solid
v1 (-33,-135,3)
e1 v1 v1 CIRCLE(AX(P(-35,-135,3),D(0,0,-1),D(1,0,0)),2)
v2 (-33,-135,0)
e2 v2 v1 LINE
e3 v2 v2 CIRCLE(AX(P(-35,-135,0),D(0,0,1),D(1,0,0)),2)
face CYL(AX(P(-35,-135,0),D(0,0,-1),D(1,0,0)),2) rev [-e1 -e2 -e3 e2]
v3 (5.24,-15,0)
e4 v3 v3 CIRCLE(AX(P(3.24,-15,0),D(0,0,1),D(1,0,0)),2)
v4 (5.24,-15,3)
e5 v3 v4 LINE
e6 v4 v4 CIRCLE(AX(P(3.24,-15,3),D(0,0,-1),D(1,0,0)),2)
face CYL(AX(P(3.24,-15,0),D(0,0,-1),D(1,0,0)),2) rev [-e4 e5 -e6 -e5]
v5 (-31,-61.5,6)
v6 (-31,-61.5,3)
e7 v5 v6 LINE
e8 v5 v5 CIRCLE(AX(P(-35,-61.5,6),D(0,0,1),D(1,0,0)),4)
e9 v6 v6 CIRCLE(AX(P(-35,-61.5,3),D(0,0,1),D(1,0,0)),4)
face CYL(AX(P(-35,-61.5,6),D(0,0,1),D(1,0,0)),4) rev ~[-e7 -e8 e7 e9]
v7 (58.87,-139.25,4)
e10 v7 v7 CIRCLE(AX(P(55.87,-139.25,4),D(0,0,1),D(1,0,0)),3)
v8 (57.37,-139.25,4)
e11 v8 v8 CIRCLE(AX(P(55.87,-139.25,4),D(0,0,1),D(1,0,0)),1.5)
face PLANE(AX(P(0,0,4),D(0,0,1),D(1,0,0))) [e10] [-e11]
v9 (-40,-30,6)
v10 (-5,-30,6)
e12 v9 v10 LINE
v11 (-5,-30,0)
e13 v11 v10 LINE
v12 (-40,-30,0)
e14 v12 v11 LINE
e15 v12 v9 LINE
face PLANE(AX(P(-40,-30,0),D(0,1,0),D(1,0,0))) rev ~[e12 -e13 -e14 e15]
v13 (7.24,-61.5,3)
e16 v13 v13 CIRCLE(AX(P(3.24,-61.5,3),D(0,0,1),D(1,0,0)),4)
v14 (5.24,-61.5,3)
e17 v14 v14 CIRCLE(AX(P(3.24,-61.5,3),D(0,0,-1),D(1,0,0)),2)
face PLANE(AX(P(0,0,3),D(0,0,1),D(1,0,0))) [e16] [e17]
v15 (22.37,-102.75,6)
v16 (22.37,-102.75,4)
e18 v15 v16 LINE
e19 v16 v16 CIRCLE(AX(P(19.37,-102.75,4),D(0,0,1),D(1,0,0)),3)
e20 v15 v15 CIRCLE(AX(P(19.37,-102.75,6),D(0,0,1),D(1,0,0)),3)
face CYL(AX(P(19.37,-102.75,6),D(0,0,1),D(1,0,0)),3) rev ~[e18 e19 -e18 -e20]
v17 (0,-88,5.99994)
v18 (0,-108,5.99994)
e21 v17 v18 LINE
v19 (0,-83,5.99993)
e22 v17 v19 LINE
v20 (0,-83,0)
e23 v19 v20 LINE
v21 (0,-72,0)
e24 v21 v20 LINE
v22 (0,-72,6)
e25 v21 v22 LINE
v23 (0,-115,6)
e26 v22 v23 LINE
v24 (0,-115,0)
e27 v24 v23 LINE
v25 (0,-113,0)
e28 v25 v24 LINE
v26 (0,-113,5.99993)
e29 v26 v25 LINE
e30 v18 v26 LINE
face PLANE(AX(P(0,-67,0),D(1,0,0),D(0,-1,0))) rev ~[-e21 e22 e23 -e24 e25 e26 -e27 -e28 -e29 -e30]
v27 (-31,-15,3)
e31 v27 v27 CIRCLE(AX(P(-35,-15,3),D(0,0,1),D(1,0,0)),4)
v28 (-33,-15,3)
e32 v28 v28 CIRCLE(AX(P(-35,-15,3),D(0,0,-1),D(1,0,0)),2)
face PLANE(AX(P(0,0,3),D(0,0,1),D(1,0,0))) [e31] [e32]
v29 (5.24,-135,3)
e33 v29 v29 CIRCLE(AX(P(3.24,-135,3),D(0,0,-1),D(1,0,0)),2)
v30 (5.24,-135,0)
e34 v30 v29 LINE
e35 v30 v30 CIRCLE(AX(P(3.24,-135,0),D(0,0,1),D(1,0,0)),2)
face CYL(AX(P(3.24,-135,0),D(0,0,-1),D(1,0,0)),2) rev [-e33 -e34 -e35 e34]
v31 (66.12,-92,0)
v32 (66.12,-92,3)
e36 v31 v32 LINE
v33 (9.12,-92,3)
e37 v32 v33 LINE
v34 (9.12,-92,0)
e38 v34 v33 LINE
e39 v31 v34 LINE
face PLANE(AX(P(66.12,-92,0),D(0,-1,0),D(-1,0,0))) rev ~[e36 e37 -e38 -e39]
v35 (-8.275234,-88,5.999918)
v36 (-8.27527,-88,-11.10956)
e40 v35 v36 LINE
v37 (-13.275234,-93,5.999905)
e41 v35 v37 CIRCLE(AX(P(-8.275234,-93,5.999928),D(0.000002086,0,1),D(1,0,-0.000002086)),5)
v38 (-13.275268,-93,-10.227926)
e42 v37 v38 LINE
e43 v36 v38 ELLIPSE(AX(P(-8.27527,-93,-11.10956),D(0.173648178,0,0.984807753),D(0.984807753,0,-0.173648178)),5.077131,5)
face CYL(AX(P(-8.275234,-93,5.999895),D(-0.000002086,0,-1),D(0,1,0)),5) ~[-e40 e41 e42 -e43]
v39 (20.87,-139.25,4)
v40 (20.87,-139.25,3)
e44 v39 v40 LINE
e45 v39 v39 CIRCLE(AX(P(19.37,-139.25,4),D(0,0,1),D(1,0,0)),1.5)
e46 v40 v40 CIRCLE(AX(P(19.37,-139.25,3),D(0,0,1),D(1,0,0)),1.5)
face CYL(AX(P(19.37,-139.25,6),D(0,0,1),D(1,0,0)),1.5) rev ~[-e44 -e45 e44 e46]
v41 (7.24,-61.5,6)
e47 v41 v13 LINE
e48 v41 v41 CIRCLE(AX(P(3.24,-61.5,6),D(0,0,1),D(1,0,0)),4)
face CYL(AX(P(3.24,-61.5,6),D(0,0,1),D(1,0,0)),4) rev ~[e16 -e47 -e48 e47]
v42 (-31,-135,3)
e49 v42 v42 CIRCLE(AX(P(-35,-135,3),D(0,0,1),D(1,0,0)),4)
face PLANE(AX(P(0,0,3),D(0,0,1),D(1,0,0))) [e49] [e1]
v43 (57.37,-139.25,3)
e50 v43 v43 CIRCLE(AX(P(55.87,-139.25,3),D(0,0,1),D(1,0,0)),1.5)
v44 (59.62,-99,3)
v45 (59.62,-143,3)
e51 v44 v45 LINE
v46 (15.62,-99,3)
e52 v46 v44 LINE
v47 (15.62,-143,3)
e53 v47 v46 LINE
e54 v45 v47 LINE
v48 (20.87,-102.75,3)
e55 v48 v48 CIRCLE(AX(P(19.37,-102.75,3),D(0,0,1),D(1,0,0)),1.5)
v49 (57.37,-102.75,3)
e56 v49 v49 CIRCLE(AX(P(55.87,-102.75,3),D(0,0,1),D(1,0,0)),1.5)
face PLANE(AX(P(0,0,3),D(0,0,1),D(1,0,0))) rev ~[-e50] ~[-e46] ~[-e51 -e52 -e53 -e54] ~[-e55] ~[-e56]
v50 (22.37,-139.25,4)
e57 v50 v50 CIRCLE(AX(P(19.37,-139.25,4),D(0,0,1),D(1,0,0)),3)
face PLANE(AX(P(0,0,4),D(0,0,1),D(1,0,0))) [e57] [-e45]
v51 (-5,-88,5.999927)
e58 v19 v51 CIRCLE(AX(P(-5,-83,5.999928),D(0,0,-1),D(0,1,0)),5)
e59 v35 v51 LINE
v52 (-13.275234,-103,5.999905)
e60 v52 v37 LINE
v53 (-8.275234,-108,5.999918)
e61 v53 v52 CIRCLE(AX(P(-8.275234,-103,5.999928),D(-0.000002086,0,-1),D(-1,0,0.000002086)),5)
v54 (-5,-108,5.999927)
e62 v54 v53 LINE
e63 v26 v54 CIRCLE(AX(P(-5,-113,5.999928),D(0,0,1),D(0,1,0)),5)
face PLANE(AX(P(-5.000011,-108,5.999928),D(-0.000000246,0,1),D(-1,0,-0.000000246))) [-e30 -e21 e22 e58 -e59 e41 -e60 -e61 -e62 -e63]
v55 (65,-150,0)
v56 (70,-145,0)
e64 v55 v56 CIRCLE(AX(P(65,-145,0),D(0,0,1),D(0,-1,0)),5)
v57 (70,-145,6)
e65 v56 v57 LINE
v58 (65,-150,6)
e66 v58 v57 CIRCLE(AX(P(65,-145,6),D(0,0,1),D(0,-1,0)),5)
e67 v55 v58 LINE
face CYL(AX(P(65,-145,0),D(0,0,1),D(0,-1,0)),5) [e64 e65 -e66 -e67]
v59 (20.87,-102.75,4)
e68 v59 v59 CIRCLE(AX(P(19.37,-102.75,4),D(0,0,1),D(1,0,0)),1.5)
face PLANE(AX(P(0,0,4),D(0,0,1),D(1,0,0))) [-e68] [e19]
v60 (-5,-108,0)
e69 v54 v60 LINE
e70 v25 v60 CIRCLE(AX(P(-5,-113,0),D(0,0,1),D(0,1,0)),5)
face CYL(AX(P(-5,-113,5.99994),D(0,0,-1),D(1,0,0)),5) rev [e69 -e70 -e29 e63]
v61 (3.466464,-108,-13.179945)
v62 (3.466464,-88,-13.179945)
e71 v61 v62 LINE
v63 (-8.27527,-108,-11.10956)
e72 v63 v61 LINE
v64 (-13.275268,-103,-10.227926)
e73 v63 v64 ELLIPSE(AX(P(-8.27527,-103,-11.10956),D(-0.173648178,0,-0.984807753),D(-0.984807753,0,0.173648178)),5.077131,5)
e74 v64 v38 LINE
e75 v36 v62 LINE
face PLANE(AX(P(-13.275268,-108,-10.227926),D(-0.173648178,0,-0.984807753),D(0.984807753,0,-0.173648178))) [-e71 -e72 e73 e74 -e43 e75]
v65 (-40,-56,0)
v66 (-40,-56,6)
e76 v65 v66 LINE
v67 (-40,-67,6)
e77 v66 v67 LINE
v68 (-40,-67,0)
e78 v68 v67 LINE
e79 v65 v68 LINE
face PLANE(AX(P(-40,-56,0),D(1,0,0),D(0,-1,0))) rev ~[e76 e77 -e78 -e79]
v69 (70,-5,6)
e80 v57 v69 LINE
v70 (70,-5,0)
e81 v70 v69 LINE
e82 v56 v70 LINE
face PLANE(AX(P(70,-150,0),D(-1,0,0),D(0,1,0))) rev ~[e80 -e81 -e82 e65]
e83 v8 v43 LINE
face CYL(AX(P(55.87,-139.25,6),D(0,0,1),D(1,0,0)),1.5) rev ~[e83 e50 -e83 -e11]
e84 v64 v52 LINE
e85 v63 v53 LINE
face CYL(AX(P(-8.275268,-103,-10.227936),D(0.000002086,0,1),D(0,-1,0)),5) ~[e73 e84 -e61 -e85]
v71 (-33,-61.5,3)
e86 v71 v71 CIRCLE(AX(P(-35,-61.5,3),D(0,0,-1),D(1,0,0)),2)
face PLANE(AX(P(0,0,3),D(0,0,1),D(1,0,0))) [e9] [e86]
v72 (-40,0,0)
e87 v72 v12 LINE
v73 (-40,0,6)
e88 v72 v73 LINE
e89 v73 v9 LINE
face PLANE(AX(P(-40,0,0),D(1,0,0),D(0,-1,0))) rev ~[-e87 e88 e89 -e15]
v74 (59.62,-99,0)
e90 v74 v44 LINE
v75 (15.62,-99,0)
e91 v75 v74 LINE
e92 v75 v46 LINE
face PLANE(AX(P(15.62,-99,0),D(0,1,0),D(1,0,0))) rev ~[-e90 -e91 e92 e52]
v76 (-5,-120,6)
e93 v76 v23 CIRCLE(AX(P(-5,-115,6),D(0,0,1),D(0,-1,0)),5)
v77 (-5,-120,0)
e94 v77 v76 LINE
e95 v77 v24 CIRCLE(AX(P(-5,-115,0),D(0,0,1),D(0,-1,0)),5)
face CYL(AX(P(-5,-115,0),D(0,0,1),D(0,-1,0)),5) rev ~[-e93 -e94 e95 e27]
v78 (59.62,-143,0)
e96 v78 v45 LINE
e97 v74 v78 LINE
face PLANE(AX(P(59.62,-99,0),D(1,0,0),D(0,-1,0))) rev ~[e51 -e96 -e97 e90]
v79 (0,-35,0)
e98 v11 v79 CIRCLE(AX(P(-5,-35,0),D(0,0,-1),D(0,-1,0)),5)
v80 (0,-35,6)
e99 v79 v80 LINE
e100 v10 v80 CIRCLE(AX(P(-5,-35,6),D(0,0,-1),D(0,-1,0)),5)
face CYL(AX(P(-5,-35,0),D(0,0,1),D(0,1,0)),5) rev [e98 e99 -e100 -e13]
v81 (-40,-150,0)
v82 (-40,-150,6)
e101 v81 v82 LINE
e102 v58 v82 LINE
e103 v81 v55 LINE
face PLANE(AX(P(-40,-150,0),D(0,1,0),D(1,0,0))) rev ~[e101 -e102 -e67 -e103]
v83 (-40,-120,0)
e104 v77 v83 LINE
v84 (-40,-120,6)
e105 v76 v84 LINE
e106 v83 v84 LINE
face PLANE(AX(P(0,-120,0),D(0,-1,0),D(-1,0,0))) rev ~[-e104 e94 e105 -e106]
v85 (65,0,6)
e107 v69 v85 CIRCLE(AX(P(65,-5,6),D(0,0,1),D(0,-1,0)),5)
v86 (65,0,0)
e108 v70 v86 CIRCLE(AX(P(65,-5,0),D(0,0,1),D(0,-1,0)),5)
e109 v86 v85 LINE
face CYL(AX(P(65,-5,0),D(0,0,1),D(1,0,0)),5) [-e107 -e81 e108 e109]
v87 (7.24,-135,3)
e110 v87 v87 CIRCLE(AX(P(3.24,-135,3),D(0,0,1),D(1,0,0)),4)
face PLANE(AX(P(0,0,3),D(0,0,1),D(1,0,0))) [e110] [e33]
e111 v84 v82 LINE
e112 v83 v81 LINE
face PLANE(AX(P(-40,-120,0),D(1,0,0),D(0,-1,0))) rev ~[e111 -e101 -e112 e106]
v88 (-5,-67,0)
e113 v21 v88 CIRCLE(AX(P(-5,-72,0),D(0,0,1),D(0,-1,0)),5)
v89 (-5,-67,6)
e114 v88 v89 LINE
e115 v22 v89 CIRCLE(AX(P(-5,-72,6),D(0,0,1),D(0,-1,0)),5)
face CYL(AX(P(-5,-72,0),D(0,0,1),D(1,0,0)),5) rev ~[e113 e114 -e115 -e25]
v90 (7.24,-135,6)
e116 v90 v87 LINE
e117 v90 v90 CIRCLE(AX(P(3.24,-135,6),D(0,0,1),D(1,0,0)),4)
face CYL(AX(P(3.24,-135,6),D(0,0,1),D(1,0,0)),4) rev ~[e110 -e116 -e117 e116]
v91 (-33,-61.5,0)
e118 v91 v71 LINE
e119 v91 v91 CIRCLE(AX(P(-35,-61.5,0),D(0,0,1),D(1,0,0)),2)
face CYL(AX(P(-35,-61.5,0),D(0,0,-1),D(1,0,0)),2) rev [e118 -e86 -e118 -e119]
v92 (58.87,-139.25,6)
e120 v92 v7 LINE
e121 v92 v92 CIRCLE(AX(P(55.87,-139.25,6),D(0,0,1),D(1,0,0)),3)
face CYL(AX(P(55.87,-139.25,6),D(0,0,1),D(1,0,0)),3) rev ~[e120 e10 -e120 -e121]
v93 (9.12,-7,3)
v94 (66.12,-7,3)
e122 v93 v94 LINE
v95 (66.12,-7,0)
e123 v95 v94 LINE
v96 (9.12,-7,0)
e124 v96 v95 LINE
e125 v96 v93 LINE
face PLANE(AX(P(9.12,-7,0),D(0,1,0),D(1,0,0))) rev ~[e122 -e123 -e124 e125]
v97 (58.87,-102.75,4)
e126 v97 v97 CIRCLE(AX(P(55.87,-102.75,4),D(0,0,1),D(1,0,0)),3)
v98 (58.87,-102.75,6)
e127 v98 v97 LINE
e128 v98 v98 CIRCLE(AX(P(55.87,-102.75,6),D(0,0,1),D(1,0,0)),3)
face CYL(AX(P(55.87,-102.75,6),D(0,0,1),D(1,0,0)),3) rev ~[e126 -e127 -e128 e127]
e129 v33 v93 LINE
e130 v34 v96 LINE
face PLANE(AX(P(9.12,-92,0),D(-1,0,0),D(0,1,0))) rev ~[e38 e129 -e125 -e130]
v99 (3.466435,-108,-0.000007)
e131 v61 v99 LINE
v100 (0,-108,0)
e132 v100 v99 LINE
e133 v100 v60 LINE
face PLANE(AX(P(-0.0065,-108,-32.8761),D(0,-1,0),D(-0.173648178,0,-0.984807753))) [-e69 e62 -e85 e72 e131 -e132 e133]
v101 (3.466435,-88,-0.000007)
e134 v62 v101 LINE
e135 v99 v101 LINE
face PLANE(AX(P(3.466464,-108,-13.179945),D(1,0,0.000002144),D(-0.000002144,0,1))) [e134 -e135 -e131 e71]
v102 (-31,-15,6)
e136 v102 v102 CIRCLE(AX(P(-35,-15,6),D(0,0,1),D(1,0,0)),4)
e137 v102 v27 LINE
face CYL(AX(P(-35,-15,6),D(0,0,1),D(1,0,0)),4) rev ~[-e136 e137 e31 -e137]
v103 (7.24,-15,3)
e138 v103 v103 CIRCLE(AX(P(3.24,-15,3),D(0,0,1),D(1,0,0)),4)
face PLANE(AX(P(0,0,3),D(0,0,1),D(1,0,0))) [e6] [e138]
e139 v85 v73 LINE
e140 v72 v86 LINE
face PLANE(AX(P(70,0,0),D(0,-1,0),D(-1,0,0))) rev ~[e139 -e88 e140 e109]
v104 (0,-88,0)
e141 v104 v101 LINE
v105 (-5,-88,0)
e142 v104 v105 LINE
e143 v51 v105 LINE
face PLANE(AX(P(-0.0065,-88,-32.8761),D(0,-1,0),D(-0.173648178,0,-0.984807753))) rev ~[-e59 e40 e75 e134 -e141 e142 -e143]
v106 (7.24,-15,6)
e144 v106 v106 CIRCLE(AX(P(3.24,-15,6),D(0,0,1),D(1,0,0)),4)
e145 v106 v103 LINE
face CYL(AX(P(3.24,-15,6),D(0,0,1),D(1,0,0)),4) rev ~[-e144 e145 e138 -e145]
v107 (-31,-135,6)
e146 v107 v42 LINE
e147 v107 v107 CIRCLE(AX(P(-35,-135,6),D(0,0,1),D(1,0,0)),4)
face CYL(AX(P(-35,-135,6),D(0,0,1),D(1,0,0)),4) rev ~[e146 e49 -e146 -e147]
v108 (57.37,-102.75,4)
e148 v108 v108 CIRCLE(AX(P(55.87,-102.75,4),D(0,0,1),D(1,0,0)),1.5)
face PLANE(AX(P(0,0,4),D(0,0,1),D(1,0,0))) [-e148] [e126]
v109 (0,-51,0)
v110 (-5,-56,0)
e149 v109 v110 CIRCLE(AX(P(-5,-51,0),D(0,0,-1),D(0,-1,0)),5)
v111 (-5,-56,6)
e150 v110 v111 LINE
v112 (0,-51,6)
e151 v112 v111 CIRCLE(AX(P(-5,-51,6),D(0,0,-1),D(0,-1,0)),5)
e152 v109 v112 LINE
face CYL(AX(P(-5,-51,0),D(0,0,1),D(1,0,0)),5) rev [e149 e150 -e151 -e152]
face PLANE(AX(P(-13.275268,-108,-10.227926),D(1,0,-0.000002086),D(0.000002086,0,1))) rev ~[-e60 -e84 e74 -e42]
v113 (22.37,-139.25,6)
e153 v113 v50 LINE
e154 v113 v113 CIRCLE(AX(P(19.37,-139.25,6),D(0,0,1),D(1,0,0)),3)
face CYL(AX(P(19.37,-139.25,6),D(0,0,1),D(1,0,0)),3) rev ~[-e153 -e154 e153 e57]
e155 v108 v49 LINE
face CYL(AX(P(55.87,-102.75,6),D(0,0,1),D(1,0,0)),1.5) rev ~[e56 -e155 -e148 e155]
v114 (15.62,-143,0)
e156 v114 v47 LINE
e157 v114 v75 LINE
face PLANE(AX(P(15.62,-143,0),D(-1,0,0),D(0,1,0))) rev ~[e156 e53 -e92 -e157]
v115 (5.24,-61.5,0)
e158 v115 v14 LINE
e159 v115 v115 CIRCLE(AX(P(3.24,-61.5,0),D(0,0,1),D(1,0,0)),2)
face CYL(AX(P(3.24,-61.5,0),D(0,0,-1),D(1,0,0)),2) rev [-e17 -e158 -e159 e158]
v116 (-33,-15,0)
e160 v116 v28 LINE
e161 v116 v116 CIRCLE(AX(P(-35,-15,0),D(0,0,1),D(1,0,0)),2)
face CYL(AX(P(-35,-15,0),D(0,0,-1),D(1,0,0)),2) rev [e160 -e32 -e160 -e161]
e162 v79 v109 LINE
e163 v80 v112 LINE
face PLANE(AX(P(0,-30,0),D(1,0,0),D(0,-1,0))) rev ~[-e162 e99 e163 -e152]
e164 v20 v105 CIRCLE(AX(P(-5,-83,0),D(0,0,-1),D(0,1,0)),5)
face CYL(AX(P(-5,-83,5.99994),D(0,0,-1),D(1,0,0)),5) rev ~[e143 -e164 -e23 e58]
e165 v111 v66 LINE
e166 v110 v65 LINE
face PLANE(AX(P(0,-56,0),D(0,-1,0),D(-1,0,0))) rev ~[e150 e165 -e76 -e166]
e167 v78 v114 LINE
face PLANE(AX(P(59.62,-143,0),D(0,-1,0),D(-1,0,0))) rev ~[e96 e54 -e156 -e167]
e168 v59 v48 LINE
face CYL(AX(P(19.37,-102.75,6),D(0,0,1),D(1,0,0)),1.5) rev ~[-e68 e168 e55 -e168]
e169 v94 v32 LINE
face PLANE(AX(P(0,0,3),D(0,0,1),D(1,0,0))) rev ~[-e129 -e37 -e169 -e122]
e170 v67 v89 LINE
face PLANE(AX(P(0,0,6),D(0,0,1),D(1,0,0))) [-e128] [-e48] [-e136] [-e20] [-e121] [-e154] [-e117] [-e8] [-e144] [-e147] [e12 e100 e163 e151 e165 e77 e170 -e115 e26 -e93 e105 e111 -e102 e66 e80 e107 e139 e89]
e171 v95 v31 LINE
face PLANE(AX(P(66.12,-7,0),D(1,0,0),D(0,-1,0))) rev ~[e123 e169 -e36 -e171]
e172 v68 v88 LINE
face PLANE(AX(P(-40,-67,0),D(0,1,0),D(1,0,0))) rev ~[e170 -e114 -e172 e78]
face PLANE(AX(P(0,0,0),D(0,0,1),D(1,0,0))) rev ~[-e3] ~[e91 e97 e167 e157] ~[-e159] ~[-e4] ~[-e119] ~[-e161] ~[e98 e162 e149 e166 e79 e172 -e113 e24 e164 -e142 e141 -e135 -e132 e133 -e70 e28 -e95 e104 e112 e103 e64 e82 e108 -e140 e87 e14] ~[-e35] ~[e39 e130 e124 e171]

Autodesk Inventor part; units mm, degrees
ref_plane "YZ Plane" through (0, 0, 0) normal (1, 0, 0) x (0, 1, 0)
ref_plane "XZ Plane" through (0, 0, 0) normal (0, 1, 0) x (-1, 0, 0)
ref_plane "XY Plane" through (0, 0, 0) normal (0, 0, 1) x (1, 0, 0)
sketch "Sketch1" plane through (0, 0, 0) normal (0, 0, 1) x (1, 0, 0)
  line L0 (-40, -150) -> (70, -150)
  line L1 (70, -150) -> (70, 0)
  line L2 (70, 0) -> (-40, 0)
  line L3 (-40, 0) -> (-40, -30)
  line L4 (-40, -30) -> (0, -30)
  line L5 (0, -30) -> (0, -56)
  line L6 (0, -56) -> (-40, -56)
  line L7 (-40, -56) -> (-40, -67)
  line L8 (-40, -67) -> (0, -67)
  line L9 (0, -67) -> (0, -120)
  line L10 (0, -120) -> (-40, -120)
  line L11 (-40, -120) -> (-40, -150)
  circle A0 centre (-35, -15) radius 2
  circle A1 centre (3.24, -15) radius 2
  line L12 (-35, -15) -> (3.24, -15) construction
  line L13 (-35, -15) -> (-40, -15) construction
  line L14 (-62, 0) -> (92, 0) projected
  line L15 (0, -180) -> (0, 30) projected
  circle A2 centre (-35, -61.5) radius 2
  circle A3 centre (3.24, -61.5) radius 2
  line L16 (-35, -61.5) -> (3.24, -61.5) construction
  circle A4 centre (-35, -135) radius 2
  line L17 (-35, -135) -> (3.24, -135) construction
  circle A5 centre (3.24, -135) radius 2
  line L18 (9.12, -7) -> (66.12, -7)
  line L19 (66.12, -7) -> (66.12, -92)
  line L20 (66.12, -92) -> (9.12, -92)
  line L21 (9.12, -92) -> (9.12, -7)
  line L22 (15.62, -99) -> (59.62, -99)
  line L23 (59.62, -99) -> (59.62, -143)
  line L24 (59.62, -143) -> (15.62, -143)
  line L25 (15.62, -143) -> (15.62, -99)
  line L26 (15.62, -99) -> (59.62, -143) construction
  line L27 (15.62, -143) -> (59.62, -99) construction
  circle A6 centre (19.37, -102.75) radius 1.5
  circle A7 centre (19.37, -139.25) radius 1.5
  circle A8 centre (55.87, -139.25) radius 1.5
  circle A9 centre (55.87, -102.75) radius 1.5
  line L28 (19.37, -102.75) -> (19.37, -139.25) construction
  line L29 (19.37, -139.25) -> (55.87, -139.25) construction
  line L30 (55.87, -139.25) -> (55.87, -102.75) construction
  line L31 (55.87, -102.75) -> (19.37, -102.75) construction
  line L32 (37.62, -7) -> (37.62, -92) construction
  line L33 (37.62, -99) -> (37.62, -143) construction
  point P0 (0, 0)
  dimension "d2" = 4
  dimension "d3" = 4
  dimension "d4" = 38.24
  dimension "d5" = 5
  dimension "d6" = 30
  dimension "d7" = 11
  dimension "d8" = 30
  dimension "d11" = 46.5
  dimension "d18" = 46.5
  dimension "d25" = 120
  dimension "d30" = 57
  dimension "d31" = 85
  dimension "d32" = 44
  dimension "d33" = 44
  dimension "d34" = 40
  dimension "d35" = 70
  dimension "d36" = 3
  dimension "d37" = 3
  dimension "d38" = 3
  dimension "d39" = 3
  dimension "d40" = 36.5
  dimension "d42" = 7
  dimension "d43" = 7
  dimension "d44" = 7
  dimension "d45" = 3.88
  dimension "d46" = 3.88
extrude "Extrusion1" add sketch "Sketch1" along normal blind 6 contours L11 L10 L15 L0 | L15 L9 L5 L2 L1 L0 | L8 L7 L6 L15 | L15 L4 L3 L2
sketch "Sketch2" plane through (0, 0, 6) normal (0, 0, 1) x (1, 0, 0)
  line L0 (0, -56) -> (-40, -56) projected
  line L1 (-40, -56) -> (-40, -67) projected
  line L2 (-40, -67) -> (0, -67) projected
  line L3 (0, -67) -> (0, -120) projected
  line L4 (0, -120) -> (-40, -120) projected
  line L5 (-40, -120) -> (-40, -150) projected
  line L6 (-40, -150) -> (70, -150) projected
  line L7 (70, -150) -> (70, 0) projected
  line L8 (70, 0) -> (-40, 0) projected
  line L9 (-40, 0) -> (-40, -30) projected
  line L10 (-40, -30) -> (0, -30) projected
  line L11 (0, -30) -> (0, -56) projected
  circle A0 centre (-35, -15) radius 2 projected
  circle A1 centre (-35, -61.5) radius 2 projected
  circle A2 centre (-35, -135) radius 2 projected
  circle A3 centre (3.24, -15) radius 2 projected
  circle A4 centre (3.24, -61.5) radius 2 projected
  circle A5 centre (3.24, -135) radius 2 projected
  line L12 (15.62, -99) -> (59.62, -99) projected
  line L13 (59.62, -99) -> (59.62, -143) projected
  line L14 (59.62, -143) -> (15.62, -143) projected
  line L15 (15.62, -143) -> (15.62, -99) projected
  line L16 (9.12, -7) -> (66.12, -7) projected
  line L17 (66.12, -7) -> (66.12, -92) projected
  line L18 (66.12, -92) -> (9.12, -92) projected
  line L19 (9.12, -92) -> (9.12, -7) projected
  circle A6 centre (19.37, -102.75) radius 1.5 projected
  circle A7 centre (19.37, -139.25) radius 1.5 projected
  circle A8 centre (55.87, -139.25) radius 1.5 projected
  circle A9 centre (55.87, -102.75) radius 1.5 projected
  point P0 (0, 0)
extrude "Extrusion2" add sketch "Sketch2" against normal blind 3 contours L12 L13 L14 L15 | L16 L17 L18 L19
fillet "Fillet1" radius 5 6 edges at (0, -56, 3) (0, -30, 3) (0, -67, 3) (0, -120, 3) (70, 0, 3) (70, -150, 3)
sketch "Sketch3" plane through (0, 0, 6) normal (0, 0, 1) x (1, 0, 0)
  circle A0 centre (-35, -15) radius 2 projected
  circle A1 centre (-35, -15) radius 4
  circle A2 centre (3.24, -15) radius 2 projected
  circle A3 centre (3.24, -15) radius 4
  circle A4 centre (3.24, -61.5) radius 2 projected
  circle A5 centre (3.24, -61.5) radius 4
  circle A6 centre (-35, -61.5) radius 2 projected
  circle A7 centre (-35, -61.5) radius 4
  circle A8 centre (-35, -135) radius 2 projected
  circle A9 centre (-35, -135) radius 4
  circle A10 centre (3.24, -135) radius 2 projected
  circle A11 centre (3.24, -135) radius 4
  circle A12 centre (55.87, -102.75) radius 1.5 projected
  circle A13 centre (55.87, -102.75) radius 3
  circle A14 centre (55.87, -139.25) radius 1.5 projected
  circle A15 centre (55.87, -139.25) radius 3
  circle A16 centre (19.37, -139.25) radius 1.5 projected
  circle A17 centre (19.37, -139.25) radius 3
  circle A18 centre (19.37, -102.75) radius 1.5 projected
  circle A19 centre (19.37, -102.75) radius 3
  point P0 (0, 0)
  dimension "d50" = 8
  dimension "d51" = 8
  dimension "d52" = 8
  dimension "d53" = 8
  dimension "d54" = 8
  dimension "d55" = 8
  dimension "d58" = 6
  dimension "d59" = 6
  dimension "d60" = 6
  dimension "d61" = 6
extrude "Extrusion3" cut sketch "Sketch3" against normal blind 3 contours A0 | A1 | A2 | A3 | A4 | A5 | A6 | A7 | A8 | A9 | A10 | A11
extrude "Extrusion4" cut sketch "Sketch3" against normal blind 2 contours A12 | A13 | A14 | A15 | A16 | A17 | A18 | A19
ref_plane "Work Plane1" through (-0.0065, -108, -32.8761) normal (0, -1, 0) x (-0.1736, 0, -0.9848)
sketch "Sketch5" plane through (-0.0065, -108, -32.8761) normal (0, -1, 0) x (-0.1736, 0, -0.9848)
  line L0 (-20, -17) -> (-20, 0) projected
  line L1 (-20, 0) -> (-32.9797, -2.2887)
  line L2 (-43.6649, 58.31) -> (-25.4318, -45.0948) projected
  line L3 (-25.4318, -45.0948) -> (-43.6649, 58.31) projected
  line L4 (-20, -17) -> (-35.9813, -19.8179)
  line L5 (-37.4183, -11.6684) -> (-31.3406, -46.1367) projected
  line L6 (-31.3406, -46.1367) -> (-49.5737, 57.2682) projected
  line L7 (-32.9797, -2.2887) -> (-38.8885, -3.3306)
  line L8 (-38.1546, -7.4928) -> (-39.5438, 0.3857) projected
  point P0 (-32.3777, -5.7025)
extrude "Extrusion5" add sketch "Sketch5" against normal blind 20
fillet "Fillet2" radius 5 4 edges at (-13.2753, -88, -2.1139) (-13.2753, -108, -2.1139) (0, -88, 3) (0, -108, 3)
equation "\"d11\" = LMaSP"
equation "\"d18\" = LMaSP"
equation "\"d25\" = LM1aM2"
equation "\"d42\" = d44"
equation "\"d43\" = d42"
equation "\"d45\" = d46"
equation "\"d64\" = H1"
equation "\"H1\" = 20"
equation "\"DER\" = 22"
equation "\"HR\" = 7"
equation "\"DIR\" = 8"
equation "\"DEM\" = 4"
equation "\"Dmarc\" = 17.5"
equation "\"Bsm\" = 22.5"
equation "\"Hsm\" = 12"
equation "\"Lsm\" = 21"
equation "\"Dsc\" = 5"
equation "\"RC\" = 7"
equation "\"PB\" = 25"
equation "\"TB\" = 3"
equation "\"HSE\" = 25"
equation "\"LMaSP\" = 46.5"
equation "\"LM1aM2\" = 120"
properties part number "PlacaBase"
